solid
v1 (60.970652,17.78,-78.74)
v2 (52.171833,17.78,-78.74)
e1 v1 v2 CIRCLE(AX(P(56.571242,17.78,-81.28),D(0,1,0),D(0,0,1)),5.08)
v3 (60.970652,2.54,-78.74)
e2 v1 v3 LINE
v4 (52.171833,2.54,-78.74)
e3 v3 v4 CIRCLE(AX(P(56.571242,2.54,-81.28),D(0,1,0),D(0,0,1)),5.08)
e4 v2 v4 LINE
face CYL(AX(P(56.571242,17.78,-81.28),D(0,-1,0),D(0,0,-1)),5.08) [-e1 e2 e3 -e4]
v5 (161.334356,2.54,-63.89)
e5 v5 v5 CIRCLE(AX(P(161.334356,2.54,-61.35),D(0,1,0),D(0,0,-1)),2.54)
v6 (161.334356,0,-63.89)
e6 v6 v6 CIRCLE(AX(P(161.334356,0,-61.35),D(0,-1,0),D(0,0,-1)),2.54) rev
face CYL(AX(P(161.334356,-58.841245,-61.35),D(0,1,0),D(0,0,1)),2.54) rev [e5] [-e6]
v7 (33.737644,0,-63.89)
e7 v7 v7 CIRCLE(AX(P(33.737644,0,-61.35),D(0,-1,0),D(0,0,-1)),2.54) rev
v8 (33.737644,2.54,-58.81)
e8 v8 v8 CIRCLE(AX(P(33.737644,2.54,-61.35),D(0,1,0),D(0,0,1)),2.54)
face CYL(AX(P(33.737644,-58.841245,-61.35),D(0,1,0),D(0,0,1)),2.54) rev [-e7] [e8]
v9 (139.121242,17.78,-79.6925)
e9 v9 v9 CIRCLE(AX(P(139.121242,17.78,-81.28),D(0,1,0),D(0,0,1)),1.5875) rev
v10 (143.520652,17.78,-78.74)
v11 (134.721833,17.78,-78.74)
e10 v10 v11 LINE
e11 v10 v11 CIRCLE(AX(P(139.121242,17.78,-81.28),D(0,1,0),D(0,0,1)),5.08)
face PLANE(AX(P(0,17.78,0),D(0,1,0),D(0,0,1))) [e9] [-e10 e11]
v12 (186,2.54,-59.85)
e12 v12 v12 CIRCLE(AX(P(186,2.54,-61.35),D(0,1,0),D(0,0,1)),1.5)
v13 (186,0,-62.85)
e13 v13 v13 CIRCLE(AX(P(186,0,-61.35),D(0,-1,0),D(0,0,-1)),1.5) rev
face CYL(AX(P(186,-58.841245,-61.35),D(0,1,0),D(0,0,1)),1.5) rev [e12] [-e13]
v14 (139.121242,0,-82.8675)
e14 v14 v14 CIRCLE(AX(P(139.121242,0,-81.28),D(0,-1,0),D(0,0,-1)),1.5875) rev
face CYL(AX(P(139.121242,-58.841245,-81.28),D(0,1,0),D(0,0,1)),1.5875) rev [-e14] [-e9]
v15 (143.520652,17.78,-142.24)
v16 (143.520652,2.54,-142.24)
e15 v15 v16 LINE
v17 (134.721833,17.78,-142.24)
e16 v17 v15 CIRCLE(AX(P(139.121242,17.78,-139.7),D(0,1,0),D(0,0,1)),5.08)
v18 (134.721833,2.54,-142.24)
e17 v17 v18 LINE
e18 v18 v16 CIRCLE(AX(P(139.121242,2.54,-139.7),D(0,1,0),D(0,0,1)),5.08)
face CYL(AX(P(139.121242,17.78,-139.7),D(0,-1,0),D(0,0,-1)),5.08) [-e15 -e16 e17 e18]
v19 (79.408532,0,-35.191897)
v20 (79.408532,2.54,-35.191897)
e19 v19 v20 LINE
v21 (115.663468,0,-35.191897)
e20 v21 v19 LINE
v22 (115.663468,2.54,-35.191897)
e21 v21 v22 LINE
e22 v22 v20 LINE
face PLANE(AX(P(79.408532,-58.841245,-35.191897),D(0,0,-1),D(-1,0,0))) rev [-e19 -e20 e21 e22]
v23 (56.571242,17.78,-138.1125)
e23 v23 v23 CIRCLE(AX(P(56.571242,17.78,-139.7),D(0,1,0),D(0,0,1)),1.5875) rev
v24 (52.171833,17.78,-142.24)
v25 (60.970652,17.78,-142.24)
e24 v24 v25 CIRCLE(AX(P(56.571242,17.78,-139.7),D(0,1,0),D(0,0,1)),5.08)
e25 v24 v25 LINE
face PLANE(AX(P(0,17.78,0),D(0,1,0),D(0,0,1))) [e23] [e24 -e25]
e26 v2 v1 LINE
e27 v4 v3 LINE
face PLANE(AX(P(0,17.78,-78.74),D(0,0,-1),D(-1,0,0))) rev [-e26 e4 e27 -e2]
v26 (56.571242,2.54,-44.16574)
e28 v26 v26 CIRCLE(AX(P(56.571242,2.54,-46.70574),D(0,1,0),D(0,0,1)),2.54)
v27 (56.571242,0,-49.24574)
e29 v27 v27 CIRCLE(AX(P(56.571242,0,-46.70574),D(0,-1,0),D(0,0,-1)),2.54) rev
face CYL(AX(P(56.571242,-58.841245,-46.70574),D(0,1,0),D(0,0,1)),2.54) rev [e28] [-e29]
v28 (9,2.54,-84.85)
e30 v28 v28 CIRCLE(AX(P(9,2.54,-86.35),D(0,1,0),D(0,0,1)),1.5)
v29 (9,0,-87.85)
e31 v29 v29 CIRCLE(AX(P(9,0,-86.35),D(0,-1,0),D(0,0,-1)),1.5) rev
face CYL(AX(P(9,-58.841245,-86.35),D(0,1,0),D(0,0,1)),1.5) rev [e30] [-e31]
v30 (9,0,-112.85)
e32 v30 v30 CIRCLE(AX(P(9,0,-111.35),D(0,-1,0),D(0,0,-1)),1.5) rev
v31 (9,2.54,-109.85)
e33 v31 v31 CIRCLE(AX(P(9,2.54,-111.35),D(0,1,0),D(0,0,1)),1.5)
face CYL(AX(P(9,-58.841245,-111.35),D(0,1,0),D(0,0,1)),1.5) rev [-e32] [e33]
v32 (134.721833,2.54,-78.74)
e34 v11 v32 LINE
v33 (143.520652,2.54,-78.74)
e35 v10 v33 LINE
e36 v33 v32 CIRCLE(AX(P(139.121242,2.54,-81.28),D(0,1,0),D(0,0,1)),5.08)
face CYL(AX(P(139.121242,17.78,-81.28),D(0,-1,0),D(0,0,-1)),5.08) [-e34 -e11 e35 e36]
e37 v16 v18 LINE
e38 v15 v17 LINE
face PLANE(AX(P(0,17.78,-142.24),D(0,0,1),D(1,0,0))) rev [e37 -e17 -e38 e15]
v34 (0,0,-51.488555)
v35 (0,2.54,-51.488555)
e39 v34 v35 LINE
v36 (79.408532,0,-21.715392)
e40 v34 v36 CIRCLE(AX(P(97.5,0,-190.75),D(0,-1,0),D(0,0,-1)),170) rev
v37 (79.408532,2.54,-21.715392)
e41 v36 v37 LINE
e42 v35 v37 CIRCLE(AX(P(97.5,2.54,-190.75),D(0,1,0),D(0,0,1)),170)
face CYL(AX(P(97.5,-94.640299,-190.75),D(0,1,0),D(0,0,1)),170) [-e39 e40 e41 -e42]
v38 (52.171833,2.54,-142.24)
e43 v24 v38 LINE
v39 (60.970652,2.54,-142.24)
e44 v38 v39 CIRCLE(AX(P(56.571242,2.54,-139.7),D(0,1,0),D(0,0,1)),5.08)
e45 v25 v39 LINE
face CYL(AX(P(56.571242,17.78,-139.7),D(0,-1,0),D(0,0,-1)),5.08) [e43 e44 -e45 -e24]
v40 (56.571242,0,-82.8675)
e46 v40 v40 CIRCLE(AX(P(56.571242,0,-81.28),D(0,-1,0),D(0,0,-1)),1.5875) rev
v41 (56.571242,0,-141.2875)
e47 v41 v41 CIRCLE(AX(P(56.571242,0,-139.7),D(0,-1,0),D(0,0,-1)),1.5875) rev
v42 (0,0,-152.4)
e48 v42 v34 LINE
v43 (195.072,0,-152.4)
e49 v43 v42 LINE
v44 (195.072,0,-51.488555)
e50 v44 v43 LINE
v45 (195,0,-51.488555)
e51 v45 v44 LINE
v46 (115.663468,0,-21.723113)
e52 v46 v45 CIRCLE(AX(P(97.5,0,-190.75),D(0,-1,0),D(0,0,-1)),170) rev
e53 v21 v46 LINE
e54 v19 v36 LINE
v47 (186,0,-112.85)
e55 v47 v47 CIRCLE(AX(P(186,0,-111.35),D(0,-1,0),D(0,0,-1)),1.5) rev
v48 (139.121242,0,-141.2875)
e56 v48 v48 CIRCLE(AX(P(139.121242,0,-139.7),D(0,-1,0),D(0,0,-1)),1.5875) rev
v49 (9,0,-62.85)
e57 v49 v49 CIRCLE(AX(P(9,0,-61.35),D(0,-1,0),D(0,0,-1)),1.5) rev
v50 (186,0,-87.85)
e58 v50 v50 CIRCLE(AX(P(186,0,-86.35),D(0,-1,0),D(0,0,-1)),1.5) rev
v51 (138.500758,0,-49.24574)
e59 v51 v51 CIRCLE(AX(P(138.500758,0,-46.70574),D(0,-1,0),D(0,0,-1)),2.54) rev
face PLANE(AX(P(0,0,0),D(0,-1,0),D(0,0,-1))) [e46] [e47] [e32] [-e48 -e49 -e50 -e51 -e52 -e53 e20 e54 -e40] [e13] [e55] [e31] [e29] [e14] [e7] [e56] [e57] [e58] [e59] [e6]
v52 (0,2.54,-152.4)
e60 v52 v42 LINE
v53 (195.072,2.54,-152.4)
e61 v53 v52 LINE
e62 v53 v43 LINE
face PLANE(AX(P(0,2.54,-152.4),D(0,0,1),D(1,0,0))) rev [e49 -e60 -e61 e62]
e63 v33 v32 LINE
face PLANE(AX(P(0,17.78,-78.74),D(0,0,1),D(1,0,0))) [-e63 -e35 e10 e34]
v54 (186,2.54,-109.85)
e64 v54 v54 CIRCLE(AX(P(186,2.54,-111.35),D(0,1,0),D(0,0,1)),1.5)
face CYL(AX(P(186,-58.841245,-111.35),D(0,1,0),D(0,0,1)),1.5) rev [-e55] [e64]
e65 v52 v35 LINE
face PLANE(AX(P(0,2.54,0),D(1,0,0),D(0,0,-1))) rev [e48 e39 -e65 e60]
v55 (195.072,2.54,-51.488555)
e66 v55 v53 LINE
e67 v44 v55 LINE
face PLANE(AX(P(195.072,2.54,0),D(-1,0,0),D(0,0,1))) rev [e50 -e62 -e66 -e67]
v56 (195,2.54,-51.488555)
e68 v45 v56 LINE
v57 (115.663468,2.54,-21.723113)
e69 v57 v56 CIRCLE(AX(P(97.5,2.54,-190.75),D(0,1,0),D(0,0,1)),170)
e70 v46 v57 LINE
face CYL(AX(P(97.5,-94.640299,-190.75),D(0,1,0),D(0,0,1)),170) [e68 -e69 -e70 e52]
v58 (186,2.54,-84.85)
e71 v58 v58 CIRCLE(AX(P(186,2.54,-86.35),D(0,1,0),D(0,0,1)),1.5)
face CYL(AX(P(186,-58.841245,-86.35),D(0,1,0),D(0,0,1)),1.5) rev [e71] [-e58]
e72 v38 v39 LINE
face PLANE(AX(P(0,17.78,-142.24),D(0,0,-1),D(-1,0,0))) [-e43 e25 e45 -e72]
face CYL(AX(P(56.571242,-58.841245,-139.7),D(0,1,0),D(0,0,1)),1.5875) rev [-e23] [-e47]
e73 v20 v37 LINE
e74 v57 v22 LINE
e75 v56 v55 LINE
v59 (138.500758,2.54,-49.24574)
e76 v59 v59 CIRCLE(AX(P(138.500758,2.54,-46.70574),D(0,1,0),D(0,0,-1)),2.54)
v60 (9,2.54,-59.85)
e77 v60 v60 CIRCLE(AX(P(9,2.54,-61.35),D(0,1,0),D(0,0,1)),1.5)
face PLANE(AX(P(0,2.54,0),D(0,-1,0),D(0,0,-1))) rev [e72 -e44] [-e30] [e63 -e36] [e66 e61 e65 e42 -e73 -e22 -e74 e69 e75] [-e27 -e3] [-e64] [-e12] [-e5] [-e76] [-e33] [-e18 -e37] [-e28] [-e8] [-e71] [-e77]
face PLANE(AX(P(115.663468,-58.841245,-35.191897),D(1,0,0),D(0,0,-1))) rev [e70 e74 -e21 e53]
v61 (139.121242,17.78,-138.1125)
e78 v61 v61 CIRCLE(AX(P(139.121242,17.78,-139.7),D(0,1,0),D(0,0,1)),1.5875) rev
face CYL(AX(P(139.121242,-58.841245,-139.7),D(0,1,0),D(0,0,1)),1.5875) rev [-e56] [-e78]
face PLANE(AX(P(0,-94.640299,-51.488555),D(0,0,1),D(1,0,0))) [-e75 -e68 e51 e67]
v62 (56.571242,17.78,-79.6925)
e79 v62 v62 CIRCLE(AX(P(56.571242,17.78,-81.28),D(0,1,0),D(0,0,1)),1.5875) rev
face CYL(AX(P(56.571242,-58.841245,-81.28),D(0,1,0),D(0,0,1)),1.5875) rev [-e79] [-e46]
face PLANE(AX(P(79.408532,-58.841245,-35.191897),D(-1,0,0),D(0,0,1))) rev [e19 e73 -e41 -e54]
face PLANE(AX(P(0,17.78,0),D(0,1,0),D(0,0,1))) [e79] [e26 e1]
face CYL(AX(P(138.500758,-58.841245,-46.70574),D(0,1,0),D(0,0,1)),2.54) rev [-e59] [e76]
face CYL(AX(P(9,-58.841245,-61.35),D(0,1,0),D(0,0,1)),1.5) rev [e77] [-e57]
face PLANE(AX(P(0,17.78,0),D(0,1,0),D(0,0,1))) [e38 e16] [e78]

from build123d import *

# Parameters (mm, degrees)
SKETCH1_W           = 195.072
SKETCH1_H           = 152.4
BOSS_EXTRUDE1_DEPTH = 2.54
SKETCH2_R           = 1.5875
SKETCH2_R_2         = 1.5
SKETCH2_R_3         = 2.54
SKETCH2_W           = 36.254936194
SKETCH2_H           = 46.345137013
CUT_EXTRUDE1_DEPTH  = 2.54
CUT_EXTRUDE2_DEPTH  = 2.54
SKETCH6_R           = 1.5875
BOSS_EXTRUDE2_DEPTH = 15.24


with BuildPart() as part:
    # Sketch1 → Boss-Extrude1 (new body)
    with BuildSketch(Plane(origin=(0, 0, 0), x_dir=(1, 0, 0), z_dir=(0, 1, 0))):
        with Locations((97.536, 76.2)):
            Rectangle(SKETCH1_W, SKETCH1_H)
    extrude(amount=BOSS_EXTRUDE1_DEPTH)

    # Sketch2 → Cut-Extrude1 (cut)
    with BuildSketch(Plane(origin=(0, 2.54, 0), x_dir=(1, 0, 0), z_dir=(0, 1, 0))):
        with Locations((56.571242474, 139.7)):
            Circle(SKETCH2_R)
        with Locations((139.121242474, 139.7)):
            Circle(SKETCH2_R)
        with Locations((139.121242474, 81.28)):
            Circle(SKETCH2_R)
        with Locations((56.571242474, 81.28)):
            Circle(SKETCH2_R)
        with Locations((186, 61.35)):
            Circle(SKETCH2_R_2)
        with Locations((186, 86.35)):
            Circle(SKETCH2_R_2)
        with Locations((186, 111.35)):
            Circle(SKETCH2_R_2)
        with Locations((9, 111.35)):
            Circle(SKETCH2_R_2)
        with Locations((9, 86.35)):
            Circle(SKETCH2_R_2)
        with Locations((9, 61.35)):
            Circle(SKETCH2_R_2)
        with Locations((56.571242474, 46.705739829)):
            Circle(SKETCH2_R_3)
        with Locations((33.737644143, 61.35)):
            Circle(SKETCH2_R_3)
        with Locations((161.334355857, 61.35)):
            Circle(SKETCH2_R_3)
        with Locations((138.500757526, 46.705739829)):
            Circle(SKETCH2_R_3)
        with Locations((97.536, 12.019328057)):
            Rectangle(SKETCH2_W, SKETCH2_H)
    extrude(amount=-CUT_EXTRUDE1_DEPTH, mode=Mode.SUBTRACT)

    # Sketch4 → Cut-Extrude2 (cut)
    with BuildSketch(Plane(origin=(0, 2.54, 0), x_dir=(1, 0, 0), z_dir=(0, 1, 0))):
        with BuildLine():
            Line((195.072, 51.488555228), (195, 51.488555228))
            ThreePointArc((195, 51.488555228), (157.216035085, 31.583435817), (115.663468097, 21.723113302))
            Line((115.663468097, 21.723113302), (115.663468097, 0))
            Line((115.663468097, 0), (195.072, 0))
            Line((195.072, 0), (195.072, 51.488555228))
        make_face()
        with BuildLine():
            ThreePointArc((79.408531903, 21.715391762), (37.817865405, 31.570721166), (0, 51.488555228))
            Line((0, 51.488555228), (0, 0))
            Line((0, 0), (79.408531903, 0))
            Line((79.408531903, 0), (79.408531903, 21.715391762))
        make_face()
    extrude(amount=-CUT_EXTRUDE2_DEPTH, mode=Mode.SUBTRACT)

    # Sketch6 → Boss-Extrude2 (add)
    with BuildSketch(Plane(origin=(0, 2.54, 0), x_dir=(1, 0, 0), z_dir=(0, 1, 0))):
        with BuildLine():
            Line((60.970651525, 142.24), (52.171833423, 142.24))
            ThreePointArc((52.171833423, 142.24), (55.256441725, 134.793096802), (61.651242474, 139.7))
            ThreePointArc((61.651242474, 139.7), (61.478145672, 141.014800749), (60.970651525, 142.24))
        make_face()
        with Locations((56.571242474, 139.7)):
            Circle(SKETCH6_R, mode=Mode.SUBTRACT)
        with BuildLine():
            ThreePointArc((144.201242474, 139.7), (144.028145672, 141.014800749), (143.520651525, 142.24))
            Line((143.520651525, 142.24), (134.721833423, 142.24))
            ThreePointArc((134.721833423, 142.24), (137.806441725, 134.793096802), (144.201242474, 139.7))
        make_face()
        with Locations((139.121242474, 139.7)):
            Circle(SKETCH6_R, mode=Mode.SUBTRACT)
        with BuildLine():
            Line((134.721833423, 78.74), (143.520651525, 78.74))
            ThreePointArc((143.520651525, 78.74), (144.028145672, 79.965199251), (144.201242474, 81.28))
            ThreePointArc((144.201242474, 81.28), (137.806441725, 86.186903198), (134.721833423, 78.74))
        make_face()
        with Locations((139.121242474, 81.28)):
            Circle(SKETCH6_R, mode=Mode.SUBTRACT)
        with BuildLine():
            ThreePointArc((61.651242474, 81.28), (55.256441725, 86.186903198), (52.171833423, 78.74))
            Line((52.171833423, 78.74), (60.970651525, 78.74))
            ThreePointArc((60.970651525, 78.74), (61.478145672, 79.965199251), (61.651242474, 81.28))
        make_face()
        with Locations((56.571242474, 81.28)):
            Circle(SKETCH6_R, mode=Mode.SUBTRACT)
    extrude(amount=BOSS_EXTRUDE2_DEPTH)


solid = part.part
